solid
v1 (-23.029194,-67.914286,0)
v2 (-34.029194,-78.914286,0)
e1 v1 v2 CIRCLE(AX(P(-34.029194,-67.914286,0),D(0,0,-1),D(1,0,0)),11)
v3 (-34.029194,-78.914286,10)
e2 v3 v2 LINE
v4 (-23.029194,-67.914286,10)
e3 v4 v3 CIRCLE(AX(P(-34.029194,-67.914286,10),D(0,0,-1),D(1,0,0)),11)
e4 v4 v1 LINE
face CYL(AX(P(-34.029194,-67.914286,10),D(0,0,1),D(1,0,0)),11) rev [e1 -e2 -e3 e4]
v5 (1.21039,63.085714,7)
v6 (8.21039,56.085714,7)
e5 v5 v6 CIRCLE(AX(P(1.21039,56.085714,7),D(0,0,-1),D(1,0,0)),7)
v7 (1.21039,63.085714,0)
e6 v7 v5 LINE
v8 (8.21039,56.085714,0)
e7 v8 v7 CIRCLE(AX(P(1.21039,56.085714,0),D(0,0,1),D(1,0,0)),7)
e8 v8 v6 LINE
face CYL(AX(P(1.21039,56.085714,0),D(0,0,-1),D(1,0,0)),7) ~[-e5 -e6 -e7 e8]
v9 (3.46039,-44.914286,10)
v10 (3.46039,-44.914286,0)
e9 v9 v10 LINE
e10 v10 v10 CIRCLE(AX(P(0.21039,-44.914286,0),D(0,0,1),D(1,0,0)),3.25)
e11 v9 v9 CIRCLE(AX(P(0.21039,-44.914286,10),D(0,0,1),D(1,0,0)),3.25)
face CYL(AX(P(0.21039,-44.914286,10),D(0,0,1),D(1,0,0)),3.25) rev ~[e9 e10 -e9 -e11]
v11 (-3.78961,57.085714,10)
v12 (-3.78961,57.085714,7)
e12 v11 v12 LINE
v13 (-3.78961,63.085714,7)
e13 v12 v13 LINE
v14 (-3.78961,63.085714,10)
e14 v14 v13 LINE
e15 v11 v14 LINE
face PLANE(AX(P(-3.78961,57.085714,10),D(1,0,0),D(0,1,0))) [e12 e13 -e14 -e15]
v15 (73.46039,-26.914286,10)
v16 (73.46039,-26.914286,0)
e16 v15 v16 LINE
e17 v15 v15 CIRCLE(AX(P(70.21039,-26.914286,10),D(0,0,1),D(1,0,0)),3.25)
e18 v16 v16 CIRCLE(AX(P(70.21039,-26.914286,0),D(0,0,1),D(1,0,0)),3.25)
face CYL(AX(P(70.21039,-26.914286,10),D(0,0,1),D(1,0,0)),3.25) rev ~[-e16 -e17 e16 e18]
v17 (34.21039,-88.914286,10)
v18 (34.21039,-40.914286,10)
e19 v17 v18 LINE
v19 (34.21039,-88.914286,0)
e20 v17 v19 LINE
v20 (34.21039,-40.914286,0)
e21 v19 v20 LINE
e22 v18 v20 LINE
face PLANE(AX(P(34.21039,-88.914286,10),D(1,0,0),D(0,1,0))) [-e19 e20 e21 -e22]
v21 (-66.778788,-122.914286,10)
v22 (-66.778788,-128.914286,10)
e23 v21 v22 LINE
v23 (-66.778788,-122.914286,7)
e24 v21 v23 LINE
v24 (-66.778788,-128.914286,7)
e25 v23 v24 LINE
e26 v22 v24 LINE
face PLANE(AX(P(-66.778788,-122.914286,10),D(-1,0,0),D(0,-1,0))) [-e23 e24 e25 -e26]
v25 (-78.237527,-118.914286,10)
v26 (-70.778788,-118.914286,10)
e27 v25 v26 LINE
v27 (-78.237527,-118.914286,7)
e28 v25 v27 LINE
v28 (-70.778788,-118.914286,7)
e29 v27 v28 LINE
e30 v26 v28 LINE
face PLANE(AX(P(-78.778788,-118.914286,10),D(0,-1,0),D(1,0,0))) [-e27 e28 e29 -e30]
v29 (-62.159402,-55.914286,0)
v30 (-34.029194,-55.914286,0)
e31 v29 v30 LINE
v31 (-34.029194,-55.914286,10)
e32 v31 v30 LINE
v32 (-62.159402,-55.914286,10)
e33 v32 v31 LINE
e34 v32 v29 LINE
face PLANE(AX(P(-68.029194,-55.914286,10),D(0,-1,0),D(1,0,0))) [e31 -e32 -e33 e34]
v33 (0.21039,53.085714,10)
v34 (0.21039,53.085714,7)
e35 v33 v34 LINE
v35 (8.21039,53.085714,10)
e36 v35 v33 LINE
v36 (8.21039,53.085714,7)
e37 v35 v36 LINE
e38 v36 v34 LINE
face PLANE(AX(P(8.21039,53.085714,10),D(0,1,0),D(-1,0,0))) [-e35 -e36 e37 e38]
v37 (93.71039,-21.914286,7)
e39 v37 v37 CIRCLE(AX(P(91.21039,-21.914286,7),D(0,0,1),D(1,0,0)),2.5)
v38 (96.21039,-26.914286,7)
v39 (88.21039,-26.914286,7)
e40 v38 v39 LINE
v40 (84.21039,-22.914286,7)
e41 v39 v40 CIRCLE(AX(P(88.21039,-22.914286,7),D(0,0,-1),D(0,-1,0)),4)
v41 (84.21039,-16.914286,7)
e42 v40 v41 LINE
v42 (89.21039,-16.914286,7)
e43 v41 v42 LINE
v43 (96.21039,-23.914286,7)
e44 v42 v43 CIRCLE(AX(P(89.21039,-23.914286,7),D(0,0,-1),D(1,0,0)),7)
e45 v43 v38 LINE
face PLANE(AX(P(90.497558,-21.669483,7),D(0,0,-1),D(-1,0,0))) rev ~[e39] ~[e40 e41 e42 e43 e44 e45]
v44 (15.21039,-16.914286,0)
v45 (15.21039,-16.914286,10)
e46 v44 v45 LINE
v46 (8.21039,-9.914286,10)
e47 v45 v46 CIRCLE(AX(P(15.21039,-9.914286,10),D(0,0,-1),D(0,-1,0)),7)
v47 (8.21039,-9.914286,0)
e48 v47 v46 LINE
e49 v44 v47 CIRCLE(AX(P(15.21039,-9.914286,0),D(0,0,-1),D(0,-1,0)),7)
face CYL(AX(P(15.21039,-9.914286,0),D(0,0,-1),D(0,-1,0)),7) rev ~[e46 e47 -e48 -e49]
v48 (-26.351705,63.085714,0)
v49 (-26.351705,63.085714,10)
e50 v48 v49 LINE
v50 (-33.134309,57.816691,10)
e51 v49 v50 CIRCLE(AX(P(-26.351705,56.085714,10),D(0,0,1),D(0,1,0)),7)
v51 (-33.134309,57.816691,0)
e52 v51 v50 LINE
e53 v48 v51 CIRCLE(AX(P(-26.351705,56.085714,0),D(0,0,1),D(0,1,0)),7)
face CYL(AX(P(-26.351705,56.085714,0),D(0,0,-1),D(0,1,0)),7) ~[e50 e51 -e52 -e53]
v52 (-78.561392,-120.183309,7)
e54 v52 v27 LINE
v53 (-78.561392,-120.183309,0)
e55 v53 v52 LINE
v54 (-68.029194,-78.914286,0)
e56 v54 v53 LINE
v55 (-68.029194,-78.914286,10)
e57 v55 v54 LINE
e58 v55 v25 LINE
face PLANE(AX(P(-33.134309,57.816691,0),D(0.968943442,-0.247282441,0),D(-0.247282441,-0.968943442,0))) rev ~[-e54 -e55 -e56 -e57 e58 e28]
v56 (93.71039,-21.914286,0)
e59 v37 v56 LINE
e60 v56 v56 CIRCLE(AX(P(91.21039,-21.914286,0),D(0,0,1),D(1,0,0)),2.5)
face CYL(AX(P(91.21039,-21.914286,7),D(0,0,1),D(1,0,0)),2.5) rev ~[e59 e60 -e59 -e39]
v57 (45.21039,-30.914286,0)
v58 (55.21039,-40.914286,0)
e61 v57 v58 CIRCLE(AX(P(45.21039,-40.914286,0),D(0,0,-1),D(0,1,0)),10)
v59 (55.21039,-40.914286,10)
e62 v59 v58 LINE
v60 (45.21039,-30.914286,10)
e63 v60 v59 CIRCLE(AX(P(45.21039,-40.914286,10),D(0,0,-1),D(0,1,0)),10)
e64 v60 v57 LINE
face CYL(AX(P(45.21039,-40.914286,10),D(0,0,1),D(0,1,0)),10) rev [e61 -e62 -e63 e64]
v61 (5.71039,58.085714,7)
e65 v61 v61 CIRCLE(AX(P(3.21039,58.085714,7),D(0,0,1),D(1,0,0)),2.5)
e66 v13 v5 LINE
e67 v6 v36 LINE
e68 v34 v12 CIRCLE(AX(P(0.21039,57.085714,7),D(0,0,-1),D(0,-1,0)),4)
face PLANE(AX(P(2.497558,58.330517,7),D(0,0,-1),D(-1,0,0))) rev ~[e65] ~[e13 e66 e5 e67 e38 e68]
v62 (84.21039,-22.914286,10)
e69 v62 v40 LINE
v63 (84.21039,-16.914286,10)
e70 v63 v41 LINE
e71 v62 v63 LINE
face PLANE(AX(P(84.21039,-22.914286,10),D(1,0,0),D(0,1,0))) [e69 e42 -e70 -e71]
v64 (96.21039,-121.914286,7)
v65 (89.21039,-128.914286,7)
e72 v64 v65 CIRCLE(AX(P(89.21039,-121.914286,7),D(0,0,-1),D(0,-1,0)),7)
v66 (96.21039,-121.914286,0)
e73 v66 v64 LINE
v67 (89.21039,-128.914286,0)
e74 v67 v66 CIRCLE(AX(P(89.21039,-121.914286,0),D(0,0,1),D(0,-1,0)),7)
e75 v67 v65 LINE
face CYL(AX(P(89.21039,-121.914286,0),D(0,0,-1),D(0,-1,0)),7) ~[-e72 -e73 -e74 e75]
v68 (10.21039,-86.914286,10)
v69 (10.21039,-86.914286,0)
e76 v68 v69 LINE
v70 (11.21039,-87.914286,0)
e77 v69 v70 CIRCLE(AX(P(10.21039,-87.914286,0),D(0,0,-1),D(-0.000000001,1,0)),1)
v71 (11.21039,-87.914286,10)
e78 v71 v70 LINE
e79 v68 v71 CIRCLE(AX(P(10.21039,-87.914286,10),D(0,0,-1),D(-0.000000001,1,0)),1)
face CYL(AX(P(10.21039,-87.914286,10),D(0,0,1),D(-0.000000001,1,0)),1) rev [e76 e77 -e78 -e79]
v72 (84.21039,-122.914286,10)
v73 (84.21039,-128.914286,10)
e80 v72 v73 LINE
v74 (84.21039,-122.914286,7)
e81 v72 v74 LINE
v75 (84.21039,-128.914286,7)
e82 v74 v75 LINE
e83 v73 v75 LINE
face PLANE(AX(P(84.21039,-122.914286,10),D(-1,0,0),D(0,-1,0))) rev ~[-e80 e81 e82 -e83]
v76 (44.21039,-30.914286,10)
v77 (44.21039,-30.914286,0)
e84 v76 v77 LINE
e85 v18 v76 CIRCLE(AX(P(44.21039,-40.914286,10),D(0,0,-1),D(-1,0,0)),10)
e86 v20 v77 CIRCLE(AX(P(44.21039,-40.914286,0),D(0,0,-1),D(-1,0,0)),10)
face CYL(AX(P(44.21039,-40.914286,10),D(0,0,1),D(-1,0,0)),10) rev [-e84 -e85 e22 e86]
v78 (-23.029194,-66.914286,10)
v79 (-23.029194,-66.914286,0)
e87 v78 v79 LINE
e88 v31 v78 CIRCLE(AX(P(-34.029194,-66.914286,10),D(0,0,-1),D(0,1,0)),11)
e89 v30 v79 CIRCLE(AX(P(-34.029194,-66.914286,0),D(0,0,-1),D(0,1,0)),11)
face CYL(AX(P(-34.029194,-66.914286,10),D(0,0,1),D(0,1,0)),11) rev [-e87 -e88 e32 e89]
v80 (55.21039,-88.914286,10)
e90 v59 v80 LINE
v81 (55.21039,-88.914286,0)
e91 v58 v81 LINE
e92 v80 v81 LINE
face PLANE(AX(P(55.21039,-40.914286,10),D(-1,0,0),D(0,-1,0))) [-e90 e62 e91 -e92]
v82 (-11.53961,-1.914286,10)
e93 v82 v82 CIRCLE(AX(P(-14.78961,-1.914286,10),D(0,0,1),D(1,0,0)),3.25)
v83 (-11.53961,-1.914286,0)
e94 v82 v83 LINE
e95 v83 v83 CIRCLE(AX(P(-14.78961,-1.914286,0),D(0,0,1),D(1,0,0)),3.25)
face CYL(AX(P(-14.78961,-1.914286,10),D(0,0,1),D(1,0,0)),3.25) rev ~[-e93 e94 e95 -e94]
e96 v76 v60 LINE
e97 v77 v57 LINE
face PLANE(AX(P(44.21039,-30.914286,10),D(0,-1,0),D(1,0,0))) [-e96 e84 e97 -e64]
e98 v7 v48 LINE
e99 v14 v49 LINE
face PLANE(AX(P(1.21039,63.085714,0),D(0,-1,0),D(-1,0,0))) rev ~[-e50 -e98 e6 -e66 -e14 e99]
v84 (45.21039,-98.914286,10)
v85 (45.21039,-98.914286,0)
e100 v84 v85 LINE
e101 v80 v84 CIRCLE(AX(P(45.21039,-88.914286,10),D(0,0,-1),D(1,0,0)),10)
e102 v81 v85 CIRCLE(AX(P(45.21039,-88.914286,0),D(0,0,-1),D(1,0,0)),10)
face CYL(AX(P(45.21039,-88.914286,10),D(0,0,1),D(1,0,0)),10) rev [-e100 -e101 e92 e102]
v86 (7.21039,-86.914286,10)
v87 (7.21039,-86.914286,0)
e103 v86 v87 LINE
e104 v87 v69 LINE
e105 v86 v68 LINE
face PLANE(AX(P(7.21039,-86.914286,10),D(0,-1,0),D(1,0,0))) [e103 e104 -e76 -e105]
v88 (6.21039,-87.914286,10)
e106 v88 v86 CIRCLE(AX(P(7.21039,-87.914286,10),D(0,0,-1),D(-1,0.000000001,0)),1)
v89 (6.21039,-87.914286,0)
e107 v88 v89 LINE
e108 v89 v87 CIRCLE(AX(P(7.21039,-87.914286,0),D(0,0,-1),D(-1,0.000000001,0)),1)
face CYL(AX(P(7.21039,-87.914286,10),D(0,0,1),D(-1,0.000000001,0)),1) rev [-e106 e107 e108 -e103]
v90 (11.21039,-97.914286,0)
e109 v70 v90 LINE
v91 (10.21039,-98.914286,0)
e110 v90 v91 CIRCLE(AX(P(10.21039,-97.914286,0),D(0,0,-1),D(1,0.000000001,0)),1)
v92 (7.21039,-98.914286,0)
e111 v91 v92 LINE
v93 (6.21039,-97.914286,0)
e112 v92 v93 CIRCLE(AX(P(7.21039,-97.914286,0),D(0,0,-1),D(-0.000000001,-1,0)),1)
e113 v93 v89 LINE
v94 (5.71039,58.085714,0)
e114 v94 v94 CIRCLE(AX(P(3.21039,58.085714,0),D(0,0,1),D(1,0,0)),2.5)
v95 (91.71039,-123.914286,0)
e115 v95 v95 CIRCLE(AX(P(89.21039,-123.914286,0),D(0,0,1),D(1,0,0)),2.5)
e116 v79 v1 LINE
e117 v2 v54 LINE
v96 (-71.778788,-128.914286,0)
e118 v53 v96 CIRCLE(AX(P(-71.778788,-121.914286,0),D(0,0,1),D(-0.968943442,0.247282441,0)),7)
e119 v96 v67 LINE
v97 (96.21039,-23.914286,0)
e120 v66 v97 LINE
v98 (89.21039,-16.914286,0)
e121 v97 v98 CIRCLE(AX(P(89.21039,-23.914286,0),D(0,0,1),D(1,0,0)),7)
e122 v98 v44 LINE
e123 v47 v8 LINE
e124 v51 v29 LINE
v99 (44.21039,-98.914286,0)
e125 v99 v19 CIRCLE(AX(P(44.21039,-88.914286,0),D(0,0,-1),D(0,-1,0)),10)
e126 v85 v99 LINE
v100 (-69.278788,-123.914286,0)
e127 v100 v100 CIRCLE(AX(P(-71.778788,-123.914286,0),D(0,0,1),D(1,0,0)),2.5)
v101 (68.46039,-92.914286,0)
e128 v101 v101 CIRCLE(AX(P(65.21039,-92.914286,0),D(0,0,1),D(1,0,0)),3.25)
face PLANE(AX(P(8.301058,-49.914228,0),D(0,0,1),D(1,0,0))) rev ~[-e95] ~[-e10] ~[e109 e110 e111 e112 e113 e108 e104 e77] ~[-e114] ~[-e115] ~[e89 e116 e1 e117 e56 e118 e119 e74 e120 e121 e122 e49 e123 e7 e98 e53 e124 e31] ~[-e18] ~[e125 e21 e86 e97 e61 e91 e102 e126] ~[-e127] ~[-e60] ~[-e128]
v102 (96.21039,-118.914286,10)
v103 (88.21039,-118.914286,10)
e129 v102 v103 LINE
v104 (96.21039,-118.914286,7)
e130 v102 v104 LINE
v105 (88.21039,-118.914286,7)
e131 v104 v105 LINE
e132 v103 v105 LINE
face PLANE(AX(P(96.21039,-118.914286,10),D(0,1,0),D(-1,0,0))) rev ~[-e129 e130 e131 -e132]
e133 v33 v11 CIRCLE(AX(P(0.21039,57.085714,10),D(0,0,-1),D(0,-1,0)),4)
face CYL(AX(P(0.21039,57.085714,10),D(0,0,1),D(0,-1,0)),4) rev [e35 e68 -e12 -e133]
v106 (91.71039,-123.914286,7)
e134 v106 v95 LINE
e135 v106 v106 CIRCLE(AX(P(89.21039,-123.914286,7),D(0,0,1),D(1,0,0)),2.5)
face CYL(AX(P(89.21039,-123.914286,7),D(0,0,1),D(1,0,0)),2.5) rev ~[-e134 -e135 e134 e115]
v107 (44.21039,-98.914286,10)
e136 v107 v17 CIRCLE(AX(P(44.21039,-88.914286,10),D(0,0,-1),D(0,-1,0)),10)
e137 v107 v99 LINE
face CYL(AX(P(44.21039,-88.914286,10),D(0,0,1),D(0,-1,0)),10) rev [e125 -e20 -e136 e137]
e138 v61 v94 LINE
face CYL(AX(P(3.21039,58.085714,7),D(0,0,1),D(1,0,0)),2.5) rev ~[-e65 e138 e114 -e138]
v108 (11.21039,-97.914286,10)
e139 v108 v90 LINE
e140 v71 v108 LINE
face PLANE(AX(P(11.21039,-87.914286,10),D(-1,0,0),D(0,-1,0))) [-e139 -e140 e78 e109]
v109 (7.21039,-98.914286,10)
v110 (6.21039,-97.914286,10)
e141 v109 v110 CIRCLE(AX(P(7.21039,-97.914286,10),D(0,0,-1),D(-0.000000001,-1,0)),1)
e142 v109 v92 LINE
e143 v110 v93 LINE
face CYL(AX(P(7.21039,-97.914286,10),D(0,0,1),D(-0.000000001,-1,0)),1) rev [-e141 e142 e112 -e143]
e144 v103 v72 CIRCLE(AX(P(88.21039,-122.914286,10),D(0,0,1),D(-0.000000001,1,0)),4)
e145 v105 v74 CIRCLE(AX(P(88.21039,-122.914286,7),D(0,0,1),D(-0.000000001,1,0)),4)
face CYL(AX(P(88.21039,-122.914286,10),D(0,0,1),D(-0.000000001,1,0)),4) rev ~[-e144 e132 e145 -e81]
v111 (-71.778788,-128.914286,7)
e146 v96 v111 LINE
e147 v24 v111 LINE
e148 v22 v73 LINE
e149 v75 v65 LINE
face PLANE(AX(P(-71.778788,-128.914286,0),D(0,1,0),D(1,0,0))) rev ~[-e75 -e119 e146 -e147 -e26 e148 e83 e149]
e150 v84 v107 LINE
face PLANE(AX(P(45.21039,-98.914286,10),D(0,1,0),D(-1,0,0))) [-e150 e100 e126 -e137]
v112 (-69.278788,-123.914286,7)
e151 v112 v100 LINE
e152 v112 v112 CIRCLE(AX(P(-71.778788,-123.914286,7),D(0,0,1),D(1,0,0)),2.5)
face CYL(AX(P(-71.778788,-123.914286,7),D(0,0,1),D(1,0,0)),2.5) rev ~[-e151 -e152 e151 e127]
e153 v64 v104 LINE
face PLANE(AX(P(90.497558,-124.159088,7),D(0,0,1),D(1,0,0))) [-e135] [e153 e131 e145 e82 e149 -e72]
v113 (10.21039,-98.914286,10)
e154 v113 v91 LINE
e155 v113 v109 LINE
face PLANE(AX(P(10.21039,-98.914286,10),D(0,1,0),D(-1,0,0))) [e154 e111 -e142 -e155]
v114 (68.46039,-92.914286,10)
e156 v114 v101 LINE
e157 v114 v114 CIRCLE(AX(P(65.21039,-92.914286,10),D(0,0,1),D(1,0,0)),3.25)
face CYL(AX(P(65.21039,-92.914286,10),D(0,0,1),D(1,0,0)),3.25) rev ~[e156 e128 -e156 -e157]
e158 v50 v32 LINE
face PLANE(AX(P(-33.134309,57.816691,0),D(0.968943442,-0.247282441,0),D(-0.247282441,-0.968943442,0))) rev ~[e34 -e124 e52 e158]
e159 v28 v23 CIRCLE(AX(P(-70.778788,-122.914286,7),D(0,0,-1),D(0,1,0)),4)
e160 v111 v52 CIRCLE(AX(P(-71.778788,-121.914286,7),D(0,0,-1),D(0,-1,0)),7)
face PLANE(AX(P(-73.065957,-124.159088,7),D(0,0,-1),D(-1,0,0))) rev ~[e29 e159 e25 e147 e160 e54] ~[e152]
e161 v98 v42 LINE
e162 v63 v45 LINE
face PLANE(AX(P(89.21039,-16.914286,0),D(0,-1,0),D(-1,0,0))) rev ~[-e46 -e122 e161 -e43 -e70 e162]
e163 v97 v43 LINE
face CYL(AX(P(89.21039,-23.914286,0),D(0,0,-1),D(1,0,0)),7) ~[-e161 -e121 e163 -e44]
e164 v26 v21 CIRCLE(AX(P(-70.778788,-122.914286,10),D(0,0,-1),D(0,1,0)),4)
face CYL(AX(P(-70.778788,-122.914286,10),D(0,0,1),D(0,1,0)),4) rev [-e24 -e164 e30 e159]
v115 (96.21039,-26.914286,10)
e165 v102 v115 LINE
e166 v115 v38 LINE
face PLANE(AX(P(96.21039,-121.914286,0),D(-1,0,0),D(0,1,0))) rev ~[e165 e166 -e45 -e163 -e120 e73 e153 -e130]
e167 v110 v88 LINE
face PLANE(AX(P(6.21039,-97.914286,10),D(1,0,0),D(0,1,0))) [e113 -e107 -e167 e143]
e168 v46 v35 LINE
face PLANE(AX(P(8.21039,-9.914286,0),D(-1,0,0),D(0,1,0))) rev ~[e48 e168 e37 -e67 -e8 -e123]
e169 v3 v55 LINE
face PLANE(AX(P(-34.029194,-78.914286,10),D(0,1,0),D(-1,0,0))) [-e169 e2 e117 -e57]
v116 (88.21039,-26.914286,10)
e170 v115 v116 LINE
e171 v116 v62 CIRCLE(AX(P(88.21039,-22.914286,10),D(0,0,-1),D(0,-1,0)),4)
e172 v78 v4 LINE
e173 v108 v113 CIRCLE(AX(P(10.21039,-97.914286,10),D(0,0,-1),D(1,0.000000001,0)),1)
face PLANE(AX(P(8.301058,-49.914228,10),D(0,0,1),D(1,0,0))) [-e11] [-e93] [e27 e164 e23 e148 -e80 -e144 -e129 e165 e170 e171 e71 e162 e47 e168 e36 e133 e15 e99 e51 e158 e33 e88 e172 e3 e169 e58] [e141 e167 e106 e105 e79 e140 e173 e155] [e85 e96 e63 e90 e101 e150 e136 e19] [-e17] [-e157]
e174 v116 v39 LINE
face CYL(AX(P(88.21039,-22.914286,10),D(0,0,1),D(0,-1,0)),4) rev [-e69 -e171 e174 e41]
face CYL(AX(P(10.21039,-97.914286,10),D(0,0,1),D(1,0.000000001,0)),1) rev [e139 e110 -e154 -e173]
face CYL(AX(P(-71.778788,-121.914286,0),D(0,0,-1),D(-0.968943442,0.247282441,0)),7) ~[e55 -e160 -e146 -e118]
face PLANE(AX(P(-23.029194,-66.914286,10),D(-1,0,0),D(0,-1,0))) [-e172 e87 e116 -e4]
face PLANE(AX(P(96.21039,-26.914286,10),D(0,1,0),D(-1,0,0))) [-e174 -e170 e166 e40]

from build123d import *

# Parameters (mm, degrees)
BOSS_EXTRUDE1_DEPTH = 10
CUT_EXTRUDE1_DEPTH  = 10
SKETCH3_R           = 3.25
CUT_EXTRUDE2_DEPTH  = 10
CUT_EXTRUDE3_DEPTH  = 3
SKETCH5_R           = 2.5
CUT_EXTRUDE4_DEPTH  = 7


with BuildPart() as part:
    # Sketch1 → Boss-Extrude1 (new body)
    with BuildSketch(Plane.XY):
        with BuildLine():
            Line((89.21038961, -16.914285714), (15.21038961, -16.914285714))
            ThreePointArc((15.21038961, -16.914285714), (10.260642142, -14.864033183), (8.21038961, -9.914285714))
            Line((8.21038961, -9.914285714), (8.21038961, 56.085714286))
            ThreePointArc((8.21038961, 56.085714286), (6.160137079, 61.035461754), (1.21038961, 63.085714286))
            Line((1.21038961, 63.085714286), (-26.351704849, 63.085714286))
            ThreePointArc((-26.351704849, 63.085714286), (-30.646070949, 61.613681345), (-33.134308946, 57.816691373))
            Line((-33.134308946, 57.816691373), (-78.561392279, -120.183308627))
            ThreePointArc((-78.561392279, -120.183308627), (-77.306755242, -126.208651814), (-71.778788183, -128.914285714))
            Line((-71.778788183, -128.914285714), (89.21038961, -128.914285714))
            ThreePointArc((89.21038961, -128.914285714), (94.160137079, -126.864033183), (96.21038961, -121.914285714))
            Line((96.21038961, -121.914285714), (96.21038961, -23.914285714))
            ThreePointArc((96.21038961, -23.914285714), (94.160137079, -18.964538246), (89.21038961, -16.914285714))
        make_face()
    extrude(amount=BOSS_EXTRUDE1_DEPTH)

    # Sketch2 → Cut-Extrude1 (cut)
    with BuildSketch(Plane.XY.offset(10)):
        with BuildLine():
            Line((-68.029193723, -55.914285714), (-34.029193723, -55.914285714))
            ThreePointArc((-34.029193723, -55.914285714), (-26.25101913, -59.136111121), (-23.029193723, -66.914285714))
            Line((-23.029193723, -66.914285714), (-23.029193723, -67.914285714))
            ThreePointArc((-23.029193723, -67.914285714), (-26.25101913, -75.692460307), (-34.029193723, -78.914285714))
            Line((-34.029193723, -78.914285714), (-68.029193723, -78.914285714))
            Line((-68.029193723, -78.914285714), (-68.029193723, -55.914285714))
        make_face()
    extrude(amount=-CUT_EXTRUDE1_DEPTH, mode=Mode.SUBTRACT)

    # Sketch3 → Cut-Extrude2 (cut)
    with BuildSketch(Plane.XY.offset(10)):
        with Locations((-14.78961039, -1.914285714)):
            Circle(SKETCH3_R)
        with Locations((0.21038961, -44.914285714)):
            Circle(SKETCH3_R)
        with Locations((70.21038961, -26.914285714)):
            Circle(SKETCH3_R)
        with Locations((65.21038961, -92.914285714)):
            Circle(SKETCH3_R)
        with BuildLine():
            Line((7.21038961, -86.914285714), (10.21038961, -86.914285714))
            ThreePointArc((10.21038961, -86.914285714), (10.917496392, -87.207178933), (11.21038961, -87.914285714))
            Line((11.21038961, -87.914285714), (11.21038961, -97.914285714))
            ThreePointArc((11.21038961, -97.914285714), (10.917496392, -98.621392495), (10.21038961, -98.914285714))
            Line((10.21038961, -98.914285714), (7.21038961, -98.914285714))
            ThreePointArc((7.21038961, -98.914285714), (6.503282829, -98.621392495), (6.21038961, -97.914285714))
            Line((6.21038961, -97.914285714), (6.21038961, -87.914285714))
            ThreePointArc((6.21038961, -87.914285714), (6.503282829, -87.207178933), (7.21038961, -86.914285714))
        make_face()
        with BuildLine():
            Line((44.21038961, -30.914285714), (45.21038961, -30.914285714))
            ThreePointArc((45.21038961, -30.914285714), (52.281457422, -33.843217902), (55.21038961, -40.914285714))
            Line((55.21038961, -40.914285714), (55.21038961, -88.914285714))
            ThreePointArc((55.21038961, -88.914285714), (52.281457422, -95.985353526), (45.21038961, -98.914285714))
            Line((45.21038961, -98.914285714), (44.21038961, -98.914285714))
            ThreePointArc((44.21038961, -98.914285714), (37.139321799, -95.985353526), (34.21038961, -88.914285714))
            Line((34.21038961, -88.914285714), (34.21038961, -40.914285714))
            ThreePointArc((34.21038961, -40.914285714), (37.139321799, -33.843217902), (44.21038961, -30.914285714))
        make_face()
    extrude(amount=-CUT_EXTRUDE2_DEPTH, mode=Mode.SUBTRACT)

    # Sketch4 → Cut-Extrude3 (cut)
    with BuildSketch(Plane.XY.offset(10)):
        with BuildLine():
            Line((96.21038961, -118.914285714), (88.21038961, -118.914285714))
            ThreePointArc((88.21038961, -118.914285714), (85.381962486, -120.08585859), (84.21038961, -122.914285714))
            Line((84.21038961, -122.914285714), (84.21038961, -128.914285714))
            Line((84.21038961, -128.914285714), (96.21038961, -128.914285714))
            Line((96.21038961, -128.914285714), (96.21038961, -118.914285714))
        make_face()
        with BuildLine():
            Line((-66.778788183, -128.914285714), (-78.778788183, -128.914285714))
            Line((-78.778788183, -128.914285714), (-78.778788183, -118.914285714))
            Line((-78.778788183, -118.914285714), (-70.778788183, -118.914285714))
            ThreePointArc((-70.778788183, -118.914285714), (-67.950361058, -120.08585859), (-66.778788183, -122.914285714))
            Line((-66.778788183, -122.914285714), (-66.778788183, -128.914285714))
        make_face()
        with BuildLine():
            Line((84.21038961, -16.914285714), (96.21038961, -16.914285714))
            Line((96.21038961, -16.914285714), (96.21038961, -26.914285714))
            Line((96.21038961, -26.914285714), (88.21038961, -26.914285714))
            ThreePointArc((88.21038961, -26.914285714), (85.381962486, -25.742712839), (84.21038961, -22.914285714))
            Line((84.21038961, -22.914285714), (84.21038961, -16.914285714))
        make_face()
        with BuildLine():
            Line((-3.78961039, 63.085714286), (8.21038961, 63.085714286))
            Line((8.21038961, 63.085714286), (8.21038961, 53.085714286))
            Line((8.21038961, 53.085714286), (0.21038961, 53.085714286))
            ThreePointArc((0.21038961, 53.085714286), (-2.618037514, 54.257287161), (-3.78961039, 57.085714286))
            Line((-3.78961039, 57.085714286), (-3.78961039, 63.085714286))
        make_face()
    extrude(amount=-CUT_EXTRUDE3_DEPTH, mode=Mode.SUBTRACT)

    # Sketch5 → Cut-Extrude4 (cut)
    with BuildSketch(Plane.XY.offset(7)):
        with Locations((-71.778788183, -123.914285714)):
            Circle(SKETCH5_R)
        with Locations((89.21038961, -123.914285714)):
            Circle(SKETCH5_R)
        with Locations((91.21038961, -21.914285714)):
            Circle(SKETCH5_R)
        with Locations((3.21038961, 58.085714286)):
            Circle(SKETCH5_R)
    extrude(amount=-CUT_EXTRUDE4_DEPTH, mode=Mode.SUBTRACT)


solid = part.part
